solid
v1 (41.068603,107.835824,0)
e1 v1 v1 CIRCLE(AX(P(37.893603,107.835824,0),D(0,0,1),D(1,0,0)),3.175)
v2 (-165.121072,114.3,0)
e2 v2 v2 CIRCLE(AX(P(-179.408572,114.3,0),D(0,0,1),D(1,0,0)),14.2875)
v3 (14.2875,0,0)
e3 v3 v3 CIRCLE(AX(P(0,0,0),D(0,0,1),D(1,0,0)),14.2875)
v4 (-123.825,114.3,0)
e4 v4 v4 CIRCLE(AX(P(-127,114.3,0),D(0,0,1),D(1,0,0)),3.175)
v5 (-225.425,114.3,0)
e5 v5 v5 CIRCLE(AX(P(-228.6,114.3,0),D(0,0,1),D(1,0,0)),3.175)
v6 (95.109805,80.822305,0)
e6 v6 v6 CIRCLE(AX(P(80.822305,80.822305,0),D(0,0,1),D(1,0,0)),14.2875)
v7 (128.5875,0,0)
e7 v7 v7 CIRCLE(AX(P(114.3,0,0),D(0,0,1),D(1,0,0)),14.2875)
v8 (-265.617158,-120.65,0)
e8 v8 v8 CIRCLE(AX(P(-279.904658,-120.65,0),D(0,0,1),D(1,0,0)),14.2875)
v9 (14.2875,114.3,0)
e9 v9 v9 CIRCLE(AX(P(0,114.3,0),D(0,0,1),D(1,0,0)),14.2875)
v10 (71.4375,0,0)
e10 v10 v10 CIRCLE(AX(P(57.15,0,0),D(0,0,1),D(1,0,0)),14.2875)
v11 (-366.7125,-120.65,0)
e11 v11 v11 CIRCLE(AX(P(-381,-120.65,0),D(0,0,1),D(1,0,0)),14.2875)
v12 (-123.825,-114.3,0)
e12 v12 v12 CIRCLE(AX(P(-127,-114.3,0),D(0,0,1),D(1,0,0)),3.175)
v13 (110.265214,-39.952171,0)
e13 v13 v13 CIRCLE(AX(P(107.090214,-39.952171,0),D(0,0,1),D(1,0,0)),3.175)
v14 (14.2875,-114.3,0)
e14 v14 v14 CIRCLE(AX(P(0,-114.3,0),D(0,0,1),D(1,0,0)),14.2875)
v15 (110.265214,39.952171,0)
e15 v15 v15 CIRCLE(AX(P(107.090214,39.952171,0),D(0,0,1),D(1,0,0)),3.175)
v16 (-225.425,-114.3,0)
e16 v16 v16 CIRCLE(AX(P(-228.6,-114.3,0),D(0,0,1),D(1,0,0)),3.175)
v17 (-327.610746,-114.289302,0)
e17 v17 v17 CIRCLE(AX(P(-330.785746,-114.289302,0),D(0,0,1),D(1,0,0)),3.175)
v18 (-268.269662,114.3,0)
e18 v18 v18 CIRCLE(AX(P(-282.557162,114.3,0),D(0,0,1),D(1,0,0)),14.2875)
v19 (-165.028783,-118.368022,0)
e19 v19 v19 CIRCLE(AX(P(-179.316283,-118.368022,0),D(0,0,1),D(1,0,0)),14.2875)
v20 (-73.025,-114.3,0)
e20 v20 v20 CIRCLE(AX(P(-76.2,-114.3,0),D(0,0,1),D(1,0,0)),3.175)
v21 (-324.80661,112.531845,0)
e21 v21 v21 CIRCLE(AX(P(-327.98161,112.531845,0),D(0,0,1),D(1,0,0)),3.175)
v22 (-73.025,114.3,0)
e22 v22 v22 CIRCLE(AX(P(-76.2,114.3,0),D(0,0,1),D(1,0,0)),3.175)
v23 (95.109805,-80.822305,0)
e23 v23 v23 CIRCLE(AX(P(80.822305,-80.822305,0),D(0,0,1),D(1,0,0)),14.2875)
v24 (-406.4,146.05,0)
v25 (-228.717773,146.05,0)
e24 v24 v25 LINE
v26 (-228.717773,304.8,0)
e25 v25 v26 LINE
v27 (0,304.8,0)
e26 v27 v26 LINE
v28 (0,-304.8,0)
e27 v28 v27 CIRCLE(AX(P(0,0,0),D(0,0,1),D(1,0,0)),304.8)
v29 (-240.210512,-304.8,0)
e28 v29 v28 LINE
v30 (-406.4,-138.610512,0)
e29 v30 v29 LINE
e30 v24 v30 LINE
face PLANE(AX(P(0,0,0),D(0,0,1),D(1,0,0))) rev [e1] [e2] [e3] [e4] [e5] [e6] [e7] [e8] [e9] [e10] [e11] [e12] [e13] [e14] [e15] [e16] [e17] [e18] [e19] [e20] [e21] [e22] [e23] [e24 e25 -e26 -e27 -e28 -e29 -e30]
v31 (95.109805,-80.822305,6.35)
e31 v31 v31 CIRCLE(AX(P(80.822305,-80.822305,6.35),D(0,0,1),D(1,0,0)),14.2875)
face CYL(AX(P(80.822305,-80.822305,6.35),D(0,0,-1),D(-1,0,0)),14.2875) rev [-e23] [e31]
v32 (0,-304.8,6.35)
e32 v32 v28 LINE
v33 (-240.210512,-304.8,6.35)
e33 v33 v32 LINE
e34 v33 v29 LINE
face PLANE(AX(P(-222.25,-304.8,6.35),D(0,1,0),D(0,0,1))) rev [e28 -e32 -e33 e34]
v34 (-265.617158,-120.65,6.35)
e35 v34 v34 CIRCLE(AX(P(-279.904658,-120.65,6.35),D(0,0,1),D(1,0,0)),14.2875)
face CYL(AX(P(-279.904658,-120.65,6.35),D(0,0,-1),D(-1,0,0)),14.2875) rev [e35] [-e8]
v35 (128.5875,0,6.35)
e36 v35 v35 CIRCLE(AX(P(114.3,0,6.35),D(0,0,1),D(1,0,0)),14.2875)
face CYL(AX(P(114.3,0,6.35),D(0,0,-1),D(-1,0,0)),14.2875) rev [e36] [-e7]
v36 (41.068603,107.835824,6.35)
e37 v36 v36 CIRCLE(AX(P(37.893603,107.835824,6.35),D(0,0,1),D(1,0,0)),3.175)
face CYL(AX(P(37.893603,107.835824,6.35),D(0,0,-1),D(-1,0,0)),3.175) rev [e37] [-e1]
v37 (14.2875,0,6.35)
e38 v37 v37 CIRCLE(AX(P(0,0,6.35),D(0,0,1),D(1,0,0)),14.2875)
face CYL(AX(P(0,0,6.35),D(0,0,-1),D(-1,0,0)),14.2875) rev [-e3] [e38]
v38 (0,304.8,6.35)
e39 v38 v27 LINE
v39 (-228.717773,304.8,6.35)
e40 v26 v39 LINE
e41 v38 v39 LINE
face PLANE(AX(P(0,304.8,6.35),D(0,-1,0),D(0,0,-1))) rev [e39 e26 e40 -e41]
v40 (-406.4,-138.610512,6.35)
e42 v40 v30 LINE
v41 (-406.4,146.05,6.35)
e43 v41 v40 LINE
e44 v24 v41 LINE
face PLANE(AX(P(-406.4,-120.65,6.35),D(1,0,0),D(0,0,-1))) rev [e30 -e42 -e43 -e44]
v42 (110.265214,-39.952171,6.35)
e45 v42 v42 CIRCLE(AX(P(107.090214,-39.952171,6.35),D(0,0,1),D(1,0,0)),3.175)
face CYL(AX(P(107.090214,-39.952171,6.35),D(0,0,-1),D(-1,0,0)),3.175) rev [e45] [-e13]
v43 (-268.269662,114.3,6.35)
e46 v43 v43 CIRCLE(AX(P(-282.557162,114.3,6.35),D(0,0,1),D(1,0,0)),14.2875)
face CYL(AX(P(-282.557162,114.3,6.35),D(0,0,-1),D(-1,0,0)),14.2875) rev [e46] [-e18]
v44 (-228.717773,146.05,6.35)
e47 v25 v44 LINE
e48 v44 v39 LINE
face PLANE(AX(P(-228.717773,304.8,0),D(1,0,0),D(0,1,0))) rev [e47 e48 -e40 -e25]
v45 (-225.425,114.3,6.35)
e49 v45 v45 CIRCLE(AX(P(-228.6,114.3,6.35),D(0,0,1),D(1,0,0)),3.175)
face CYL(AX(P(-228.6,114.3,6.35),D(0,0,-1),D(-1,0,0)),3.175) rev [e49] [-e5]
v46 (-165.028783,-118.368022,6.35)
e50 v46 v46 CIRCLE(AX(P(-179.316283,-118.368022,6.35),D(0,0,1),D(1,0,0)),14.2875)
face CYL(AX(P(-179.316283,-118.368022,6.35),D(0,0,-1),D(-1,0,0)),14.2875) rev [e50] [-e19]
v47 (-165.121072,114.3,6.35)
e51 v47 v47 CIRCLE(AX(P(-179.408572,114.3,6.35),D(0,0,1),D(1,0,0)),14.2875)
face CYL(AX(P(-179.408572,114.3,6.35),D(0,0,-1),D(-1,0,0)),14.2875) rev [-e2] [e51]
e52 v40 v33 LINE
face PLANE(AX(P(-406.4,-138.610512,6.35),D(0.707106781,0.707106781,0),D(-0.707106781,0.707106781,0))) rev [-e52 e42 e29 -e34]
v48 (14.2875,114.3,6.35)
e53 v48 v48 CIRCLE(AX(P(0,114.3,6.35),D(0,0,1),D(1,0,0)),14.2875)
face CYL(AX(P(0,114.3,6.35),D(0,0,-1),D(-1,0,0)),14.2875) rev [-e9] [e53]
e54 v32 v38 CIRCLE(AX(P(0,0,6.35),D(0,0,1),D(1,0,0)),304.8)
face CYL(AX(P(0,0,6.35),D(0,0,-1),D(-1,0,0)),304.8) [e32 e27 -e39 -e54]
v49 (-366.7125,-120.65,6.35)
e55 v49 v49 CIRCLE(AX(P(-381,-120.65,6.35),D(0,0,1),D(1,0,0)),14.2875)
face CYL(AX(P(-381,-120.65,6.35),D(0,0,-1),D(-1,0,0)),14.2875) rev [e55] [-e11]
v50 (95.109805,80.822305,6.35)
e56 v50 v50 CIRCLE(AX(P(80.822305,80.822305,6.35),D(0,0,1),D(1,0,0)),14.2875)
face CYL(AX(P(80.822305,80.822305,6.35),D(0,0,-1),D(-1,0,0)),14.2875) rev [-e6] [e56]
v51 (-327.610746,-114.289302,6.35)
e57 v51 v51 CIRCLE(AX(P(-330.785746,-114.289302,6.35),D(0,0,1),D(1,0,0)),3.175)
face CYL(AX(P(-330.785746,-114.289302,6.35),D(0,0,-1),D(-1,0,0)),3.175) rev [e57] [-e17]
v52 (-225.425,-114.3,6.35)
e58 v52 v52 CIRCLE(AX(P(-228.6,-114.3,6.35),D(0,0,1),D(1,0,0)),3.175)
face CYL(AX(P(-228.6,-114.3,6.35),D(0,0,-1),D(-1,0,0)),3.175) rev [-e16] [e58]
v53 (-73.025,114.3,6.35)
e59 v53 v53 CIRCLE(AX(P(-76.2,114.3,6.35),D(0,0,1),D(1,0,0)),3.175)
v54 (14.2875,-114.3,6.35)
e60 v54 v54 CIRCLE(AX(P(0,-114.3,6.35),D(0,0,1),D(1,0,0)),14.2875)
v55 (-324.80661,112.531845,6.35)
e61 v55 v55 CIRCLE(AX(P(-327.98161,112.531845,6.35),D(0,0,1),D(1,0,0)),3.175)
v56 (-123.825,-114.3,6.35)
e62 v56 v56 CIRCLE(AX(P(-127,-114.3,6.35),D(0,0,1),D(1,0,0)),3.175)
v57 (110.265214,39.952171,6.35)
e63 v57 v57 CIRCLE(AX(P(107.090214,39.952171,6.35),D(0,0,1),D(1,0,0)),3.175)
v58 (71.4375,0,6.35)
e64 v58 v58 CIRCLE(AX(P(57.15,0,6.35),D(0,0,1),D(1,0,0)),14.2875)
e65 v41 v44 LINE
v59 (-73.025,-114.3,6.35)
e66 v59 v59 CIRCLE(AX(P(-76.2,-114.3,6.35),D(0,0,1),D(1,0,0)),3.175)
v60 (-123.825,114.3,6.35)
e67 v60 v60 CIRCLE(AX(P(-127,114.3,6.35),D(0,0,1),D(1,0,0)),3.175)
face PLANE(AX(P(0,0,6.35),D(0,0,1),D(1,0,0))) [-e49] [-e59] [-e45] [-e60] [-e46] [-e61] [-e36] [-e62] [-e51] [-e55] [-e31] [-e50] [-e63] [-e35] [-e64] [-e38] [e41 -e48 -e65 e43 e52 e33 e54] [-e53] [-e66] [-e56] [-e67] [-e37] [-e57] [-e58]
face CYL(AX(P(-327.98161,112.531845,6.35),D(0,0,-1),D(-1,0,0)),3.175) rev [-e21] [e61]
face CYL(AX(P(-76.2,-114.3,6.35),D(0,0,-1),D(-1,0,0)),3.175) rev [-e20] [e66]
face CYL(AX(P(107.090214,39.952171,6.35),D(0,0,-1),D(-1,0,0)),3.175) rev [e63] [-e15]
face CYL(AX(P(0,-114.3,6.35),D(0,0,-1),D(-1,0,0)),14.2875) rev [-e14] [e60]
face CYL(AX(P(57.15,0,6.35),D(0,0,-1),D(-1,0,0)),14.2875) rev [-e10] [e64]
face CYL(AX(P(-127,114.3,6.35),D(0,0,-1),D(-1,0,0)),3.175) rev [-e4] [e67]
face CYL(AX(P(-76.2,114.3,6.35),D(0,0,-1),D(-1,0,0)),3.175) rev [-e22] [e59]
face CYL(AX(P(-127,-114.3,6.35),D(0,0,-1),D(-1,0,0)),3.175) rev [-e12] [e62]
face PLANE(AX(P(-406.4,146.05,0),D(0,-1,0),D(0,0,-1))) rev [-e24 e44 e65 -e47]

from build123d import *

# Parameters (mm, degrees)
MODEL_R             = 14.2875
MODEL_R_2           = 3.175
BOSS_EXTRUDE1_DEPTH = 6.35
SKETCH2_W           = 177.682226564
SKETCH2_H           = 158.75
CUT_EXTRUDE1_DEPTH  = 6.35


with BuildPart() as part:
    # Model → Boss-Extrude1 (new body)
    with BuildSketch(Plane.XY):
        with BuildLine():
            Line((0, 304.8), (-406.4, 304.8))
            Line((-406.4, 304.8), (-406.4, -120.65))
            Line((-406.4, -120.65), (-406.4, -138.610512242))
            Line((-406.4, -138.610512242), (-240.210512242, -304.8))
            Line((-240.210512242, -304.8), (-222.25, -304.8))
            Line((-222.25, -304.8), (0, -304.8))
            ThreePointArc((0, -304.8), (304.8, 0), (0, 304.8))
        make_face()
        with Locations((-282.557162358, 114.3)):
            Circle(MODEL_R, mode=Mode.SUBTRACT)
        with Locations((-179.408571771, 114.3)):
            Circle(MODEL_R, mode=Mode.SUBTRACT)
        with Locations((0, 114.3)):
            Circle(MODEL_R, mode=Mode.SUBTRACT)
        with Locations((80.82230509, 80.82230509)):
            Circle(MODEL_R, mode=Mode.SUBTRACT)
        with Locations((114.3, 0)):
            Circle(MODEL_R, mode=Mode.SUBTRACT)
        with Locations((80.82230509, -80.82230509)):
            Circle(MODEL_R, mode=Mode.SUBTRACT)
        with Locations((0, -114.3)):
            Circle(MODEL_R, mode=Mode.SUBTRACT)
        with Locations((-179.316283411, -118.368022334)):
            Circle(MODEL_R, mode=Mode.SUBTRACT)
        with Locations((-381, -120.65)):
            Circle(MODEL_R, mode=Mode.SUBTRACT)
        with Locations((-279.904657875, -120.65)):
            Circle(MODEL_R, mode=Mode.SUBTRACT)
        Circle(MODEL_R, mode=Mode.SUBTRACT)
        with Locations((57.15, 0)):
            Circle(MODEL_R, mode=Mode.SUBTRACT)
        with Locations((37.893602924, 107.835823628)):
            Circle(MODEL_R_2, mode=Mode.SUBTRACT)
        with Locations((107.090214294, 39.952171435)):
            Circle(MODEL_R_2, mode=Mode.SUBTRACT)
        with Locations((107.090214294, -39.952171435)):
            Circle(MODEL_R_2, mode=Mode.SUBTRACT)
        with Locations((-327.981609649, 112.531845238)):
            Circle(MODEL_R_2, mode=Mode.SUBTRACT)
        with Locations((-330.785746456, -114.289302148)):
            Circle(MODEL_R_2, mode=Mode.SUBTRACT)
        with Locations((-228.6, 114.3)):
            Circle(MODEL_R_2, mode=Mode.SUBTRACT)
        with Locations((-127, 114.3)):
            Circle(MODEL_R_2, mode=Mode.SUBTRACT)
        with Locations((-76.2, 114.3)):
            Circle(MODEL_R_2, mode=Mode.SUBTRACT)
        with Locations((-76.2, -114.3)):
            Circle(MODEL_R_2, mode=Mode.SUBTRACT)
        with Locations((-127, -114.3)):
            Circle(MODEL_R_2, mode=Mode.SUBTRACT)
        with Locations((-228.6, -114.3)):
            Circle(MODEL_R_2, mode=Mode.SUBTRACT)
    extrude(amount=BOSS_EXTRUDE1_DEPTH)

    # Sketch2 → Cut-Extrude1 (cut)
    with BuildSketch(Plane.XY.offset(6.35)):
        with Locations((-317.558886718, 225.425)):
            Rectangle(SKETCH2_W, SKETCH2_H)
    extrude(amount=-CUT_EXTRUDE1_DEPTH, mode=Mode.SUBTRACT)


solid = part.part
